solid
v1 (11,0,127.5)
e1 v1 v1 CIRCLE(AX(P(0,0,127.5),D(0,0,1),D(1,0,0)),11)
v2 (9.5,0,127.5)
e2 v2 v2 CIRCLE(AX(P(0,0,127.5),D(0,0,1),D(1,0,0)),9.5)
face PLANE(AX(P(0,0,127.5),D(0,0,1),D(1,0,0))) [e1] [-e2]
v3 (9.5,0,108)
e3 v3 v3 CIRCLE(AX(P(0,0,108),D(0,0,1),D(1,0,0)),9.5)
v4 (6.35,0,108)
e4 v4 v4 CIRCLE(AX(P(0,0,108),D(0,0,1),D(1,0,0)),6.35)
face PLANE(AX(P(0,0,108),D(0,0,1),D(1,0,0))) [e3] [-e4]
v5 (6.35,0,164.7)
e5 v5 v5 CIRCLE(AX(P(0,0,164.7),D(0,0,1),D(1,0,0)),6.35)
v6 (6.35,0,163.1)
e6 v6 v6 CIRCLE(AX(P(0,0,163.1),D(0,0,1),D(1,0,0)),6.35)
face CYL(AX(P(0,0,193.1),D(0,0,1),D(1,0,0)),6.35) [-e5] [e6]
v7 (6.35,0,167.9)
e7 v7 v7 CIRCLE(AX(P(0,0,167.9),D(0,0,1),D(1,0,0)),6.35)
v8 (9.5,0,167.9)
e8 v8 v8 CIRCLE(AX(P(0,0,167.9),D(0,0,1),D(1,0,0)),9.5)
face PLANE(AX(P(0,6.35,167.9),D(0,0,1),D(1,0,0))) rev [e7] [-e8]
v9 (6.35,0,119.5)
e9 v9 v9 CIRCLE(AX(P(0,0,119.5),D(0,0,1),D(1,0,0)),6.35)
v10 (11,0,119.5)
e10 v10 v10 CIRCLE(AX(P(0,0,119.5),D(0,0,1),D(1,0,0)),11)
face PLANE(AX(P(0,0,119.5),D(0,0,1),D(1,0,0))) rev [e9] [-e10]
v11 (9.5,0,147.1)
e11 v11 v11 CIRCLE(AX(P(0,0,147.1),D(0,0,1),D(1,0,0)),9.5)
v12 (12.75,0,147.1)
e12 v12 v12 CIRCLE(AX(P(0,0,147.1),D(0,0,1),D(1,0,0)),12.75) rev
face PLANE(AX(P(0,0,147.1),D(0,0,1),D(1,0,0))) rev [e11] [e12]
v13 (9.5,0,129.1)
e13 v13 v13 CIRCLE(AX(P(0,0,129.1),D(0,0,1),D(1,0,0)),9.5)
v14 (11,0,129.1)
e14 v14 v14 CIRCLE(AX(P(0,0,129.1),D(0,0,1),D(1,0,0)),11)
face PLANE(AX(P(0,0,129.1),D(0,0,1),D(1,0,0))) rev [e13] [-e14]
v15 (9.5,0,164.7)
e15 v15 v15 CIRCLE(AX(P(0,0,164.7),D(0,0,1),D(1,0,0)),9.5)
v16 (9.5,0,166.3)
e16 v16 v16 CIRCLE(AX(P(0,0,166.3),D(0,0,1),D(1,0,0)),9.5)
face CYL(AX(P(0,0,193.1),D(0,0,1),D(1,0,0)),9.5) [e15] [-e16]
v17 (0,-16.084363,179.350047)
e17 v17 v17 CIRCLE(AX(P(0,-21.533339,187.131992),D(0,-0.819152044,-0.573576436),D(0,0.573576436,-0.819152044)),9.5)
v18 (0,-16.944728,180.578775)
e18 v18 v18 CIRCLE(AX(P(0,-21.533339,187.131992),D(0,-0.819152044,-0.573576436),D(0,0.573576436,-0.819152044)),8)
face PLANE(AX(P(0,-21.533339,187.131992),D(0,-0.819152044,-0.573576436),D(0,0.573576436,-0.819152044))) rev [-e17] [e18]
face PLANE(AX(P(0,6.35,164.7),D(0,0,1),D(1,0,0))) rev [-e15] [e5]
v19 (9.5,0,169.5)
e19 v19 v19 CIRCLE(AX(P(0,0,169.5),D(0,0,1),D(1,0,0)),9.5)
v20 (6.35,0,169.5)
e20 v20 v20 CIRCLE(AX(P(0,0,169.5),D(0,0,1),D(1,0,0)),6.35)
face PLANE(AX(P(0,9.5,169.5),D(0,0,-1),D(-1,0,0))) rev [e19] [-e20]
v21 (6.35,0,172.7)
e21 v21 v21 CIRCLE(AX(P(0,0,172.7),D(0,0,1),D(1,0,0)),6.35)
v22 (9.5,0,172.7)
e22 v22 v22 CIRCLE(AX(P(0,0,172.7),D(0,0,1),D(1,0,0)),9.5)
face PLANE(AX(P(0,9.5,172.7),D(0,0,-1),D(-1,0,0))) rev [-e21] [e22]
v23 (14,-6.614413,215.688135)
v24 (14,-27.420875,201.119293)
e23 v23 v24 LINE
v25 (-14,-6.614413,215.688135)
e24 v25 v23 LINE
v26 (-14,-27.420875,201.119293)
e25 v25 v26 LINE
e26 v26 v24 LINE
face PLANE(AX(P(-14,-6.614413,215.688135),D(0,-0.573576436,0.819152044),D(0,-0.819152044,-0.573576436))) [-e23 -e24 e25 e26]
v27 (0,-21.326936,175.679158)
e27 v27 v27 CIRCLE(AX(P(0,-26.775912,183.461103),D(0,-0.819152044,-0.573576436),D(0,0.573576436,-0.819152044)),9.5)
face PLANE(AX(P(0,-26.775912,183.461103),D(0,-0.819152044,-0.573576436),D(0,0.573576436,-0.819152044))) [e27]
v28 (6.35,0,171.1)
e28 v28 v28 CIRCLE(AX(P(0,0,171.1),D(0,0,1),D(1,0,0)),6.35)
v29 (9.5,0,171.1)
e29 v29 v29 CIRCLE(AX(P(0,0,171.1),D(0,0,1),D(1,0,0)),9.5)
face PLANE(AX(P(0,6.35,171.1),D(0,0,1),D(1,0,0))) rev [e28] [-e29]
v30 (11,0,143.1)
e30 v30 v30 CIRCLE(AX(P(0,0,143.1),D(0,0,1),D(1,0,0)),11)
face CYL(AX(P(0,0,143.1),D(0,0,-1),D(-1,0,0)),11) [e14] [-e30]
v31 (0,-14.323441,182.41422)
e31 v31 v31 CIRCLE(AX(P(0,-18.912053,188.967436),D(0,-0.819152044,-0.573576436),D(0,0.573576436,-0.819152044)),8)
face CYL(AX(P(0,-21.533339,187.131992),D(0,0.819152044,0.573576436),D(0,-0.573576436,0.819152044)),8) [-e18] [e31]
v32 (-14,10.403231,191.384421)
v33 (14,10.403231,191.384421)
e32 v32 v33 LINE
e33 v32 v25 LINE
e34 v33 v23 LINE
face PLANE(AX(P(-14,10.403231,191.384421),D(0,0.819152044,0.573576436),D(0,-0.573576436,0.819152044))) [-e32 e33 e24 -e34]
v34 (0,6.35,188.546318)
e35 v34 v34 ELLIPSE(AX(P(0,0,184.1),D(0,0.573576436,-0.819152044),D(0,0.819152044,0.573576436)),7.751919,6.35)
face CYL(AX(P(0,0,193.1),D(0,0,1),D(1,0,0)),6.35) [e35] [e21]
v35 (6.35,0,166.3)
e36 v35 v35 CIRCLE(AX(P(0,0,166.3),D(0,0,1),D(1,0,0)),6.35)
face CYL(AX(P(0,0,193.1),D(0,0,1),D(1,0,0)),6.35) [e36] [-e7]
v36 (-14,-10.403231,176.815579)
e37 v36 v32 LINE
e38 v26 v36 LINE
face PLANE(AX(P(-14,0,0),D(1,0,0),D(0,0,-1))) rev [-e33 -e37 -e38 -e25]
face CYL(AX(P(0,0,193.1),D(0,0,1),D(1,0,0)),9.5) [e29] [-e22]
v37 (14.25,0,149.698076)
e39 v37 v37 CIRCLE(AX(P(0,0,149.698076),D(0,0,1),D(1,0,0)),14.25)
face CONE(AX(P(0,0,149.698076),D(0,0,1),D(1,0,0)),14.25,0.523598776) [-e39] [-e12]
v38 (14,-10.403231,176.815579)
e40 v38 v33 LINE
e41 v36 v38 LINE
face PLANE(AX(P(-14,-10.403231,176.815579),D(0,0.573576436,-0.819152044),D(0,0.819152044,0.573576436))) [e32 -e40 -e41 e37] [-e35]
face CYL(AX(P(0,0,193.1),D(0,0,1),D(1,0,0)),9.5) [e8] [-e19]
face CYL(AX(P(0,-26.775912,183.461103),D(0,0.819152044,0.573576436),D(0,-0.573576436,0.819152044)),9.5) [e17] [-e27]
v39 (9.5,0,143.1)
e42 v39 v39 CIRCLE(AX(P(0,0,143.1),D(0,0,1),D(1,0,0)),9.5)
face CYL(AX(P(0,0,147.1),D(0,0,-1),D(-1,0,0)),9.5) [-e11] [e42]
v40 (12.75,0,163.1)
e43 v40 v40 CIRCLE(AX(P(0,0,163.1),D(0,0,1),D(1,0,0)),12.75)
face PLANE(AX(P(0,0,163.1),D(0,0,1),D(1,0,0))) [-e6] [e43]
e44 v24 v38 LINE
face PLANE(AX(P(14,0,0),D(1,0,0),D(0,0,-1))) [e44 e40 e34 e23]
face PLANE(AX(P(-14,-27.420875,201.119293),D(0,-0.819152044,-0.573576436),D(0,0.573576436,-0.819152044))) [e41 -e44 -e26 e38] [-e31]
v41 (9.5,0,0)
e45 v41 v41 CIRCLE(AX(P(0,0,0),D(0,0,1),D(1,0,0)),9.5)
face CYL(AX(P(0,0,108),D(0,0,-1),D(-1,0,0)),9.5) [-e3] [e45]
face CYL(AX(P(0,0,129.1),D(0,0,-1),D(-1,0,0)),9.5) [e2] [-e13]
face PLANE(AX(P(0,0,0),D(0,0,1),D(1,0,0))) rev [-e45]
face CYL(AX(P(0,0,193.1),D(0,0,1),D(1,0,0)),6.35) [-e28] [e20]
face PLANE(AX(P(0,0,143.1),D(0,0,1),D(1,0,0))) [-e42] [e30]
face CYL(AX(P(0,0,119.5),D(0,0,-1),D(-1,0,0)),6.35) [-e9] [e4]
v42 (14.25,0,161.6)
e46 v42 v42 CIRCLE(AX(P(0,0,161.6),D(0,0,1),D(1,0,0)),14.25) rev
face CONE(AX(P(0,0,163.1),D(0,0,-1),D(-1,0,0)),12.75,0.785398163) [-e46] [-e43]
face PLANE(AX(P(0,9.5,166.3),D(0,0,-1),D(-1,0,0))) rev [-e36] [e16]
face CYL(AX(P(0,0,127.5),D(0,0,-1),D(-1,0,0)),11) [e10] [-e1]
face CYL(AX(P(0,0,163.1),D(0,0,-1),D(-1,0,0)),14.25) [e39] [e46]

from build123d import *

# Parameters (mm, degrees)
SKETCH_1_R               = 9.5
EXTRUDE_1_DEPTH          = 108
SKETCH_2_R               = 6.35
EXTRUDE_2_DEPTH          = 11.5
SKETCH_3_R               = 11
EXTRUDE_3_DEPTH          = 8
SKETCH_4_R               = 9.5
EXTRUDE_4_DEPTH          = 1.6
SKETCH_5_R               = 11
EXTRUDE_5_DEPTH          = 14
SKETCH_6_R               = 9.5
EXTRUDE_6_DEPTH          = 4
SKETCH_7_R               = 14.25
EXTRUDE_7_DEPTH          = 16
CHAMFER_1_SIZE           = 1.5
CUT_EXTRUDE_1_DEPTH      = 195.148744523
CUT_EXTRUDE_1_DEPTH_BACK = 195.148744523
EXTRUDE_8_DEPTH          = 14
EXTRUDE_8_DEPTH_BACK     = 14
SKETCH_12_R              = 8
EXTRUDE_9_DEPTH          = 3.2
SKETCH_13_R              = 9.5
EXTRUDE_10_DEPTH         = 6.4
CHAMFER_2_SIZE           = 1.5
CHAMFER_2_SIZE2          = 2.598076211


with BuildPart() as part:
    # Эскиз1 → Бобышка-Вытянуть1 (new body)
    with BuildSketch(Plane.XY):
        Circle(SKETCH_1_R)
    extrude(amount=EXTRUDE_1_DEPTH)

    # Эскиз2 → Бобышка-Вытянуть2 (add)
    with BuildSketch(Plane.XY.offset(108)):
        Circle(SKETCH_2_R)
    extrude(amount=EXTRUDE_2_DEPTH)

    # Эскиз3 → Бобышка-Вытянуть3 (add)
    with BuildSketch(Plane.XY.offset(119.5)):
        Circle(SKETCH_3_R)
    extrude(amount=EXTRUDE_3_DEPTH)

    # Эскиз4 → Бобышка-Вытянуть4 (add)
    with BuildSketch(Plane.XY.offset(127.5)):
        Circle(SKETCH_4_R)
    extrude(amount=EXTRUDE_4_DEPTH)

    # Эскиз5 → Бобышка-Вытянуть5 (add)
    with BuildSketch(Plane.XY.offset(129.1)):
        Circle(SKETCH_5_R)
    extrude(amount=EXTRUDE_5_DEPTH)

    # Эскиз6 → Бобышка-Вытянуть6 (add)
    with BuildSketch(Plane.XY.offset(143.1)):
        Circle(SKETCH_6_R)
    extrude(amount=EXTRUDE_6_DEPTH)

    # Эскиз7 → Бобышка-Вытянуть7 (add)
    with BuildSketch(Plane.XY.offset(147.1)):
        Circle(SKETCH_7_R)
    extrude(amount=EXTRUDE_7_DEPTH)

    # Фаска1
    chamfer_1_edges = [part.edges().sort_by_distance(p)[0] for p in [
        (-14.25, 0, 163.1),
    ]]
    chamfer(chamfer_1_edges, length=CHAMFER_1_SIZE)

    # Эскиз8 → Повернуть1 (revolve)
    with BuildSketch(Plane(origin=(0, 0, 0), x_dir=(0, 0, -1), z_dir=(1, 0, 0))):
        Polygon((-163.1, 6.35), (-164.7, 6.35), (-164.7, 9.5), (-166.3, 9.5), (-166.3, 6.35), (-167.9, 6.35), (-167.9, 9.5), (-169.5, 9.5), (-169.5, 6.35), (-171.1, 6.35), (-171.1, 9.5), (-172.7, 9.5), (-172.7, 6.35), (-193.1, 6.35), (-193.1, 0), (-163.1, 0), align=None)
    revolve(axis=Axis((0, 0, 193.1), (0, 0, -1)))

    # Эскиз9 → Вырез-Вытянуть1 (cut, two sides: drawn at the far end of the back side and taken through both)
    with BuildSketch(Plane(origin=(0, 0, 0), x_dir=(0, 0, -1), z_dir=(1, 0, 0)).offset(-CUT_EXTRUDE_1_DEPTH_BACK)):
        Polygon((-179.653682132, -6.35), (-188.546317868, 6.35), (-193.1, 6.35), (-193.1, -6.35), align=None)
    extrude(amount=CUT_EXTRUDE_1_DEPTH + CUT_EXTRUDE_1_DEPTH_BACK, mode=Mode.SUBTRACT)

    # Эскиз10 → Бобышка-Вытянуть8 (add, two sides: drawn at the far end of the back side and taken through both)
    with BuildSketch(Plane(origin=(0, 0, 0), x_dir=(0, 0, -1), z_dir=(1, 0, 0)).offset(-EXTRUDE_8_DEPTH_BACK)):
        Polygon((-176.815579258, -10.403230962), (-191.384420742, 10.403230962), (-215.688134824, -6.614412844), (-201.119293341, -27.420874769), align=None)
    extrude(amount=EXTRUDE_8_DEPTH + EXTRUDE_8_DEPTH_BACK)

    # Эскиз12 → Бобышка-Вытянуть9 (add)
    with BuildSketch(Plane(origin=(0, 76.095474781, 53.282625065), x_dir=(1, 0, 0), z_dir=(0, -0.8191520442889946, -0.5735764363510424))):
        with Locations((0, 165.640569636)):
            Circle(SKETCH_12_R)
    extrude(amount=EXTRUDE_9_DEPTH)

    # Эскиз13 → Бобышка-Вытянуть10 (add)
    with BuildSketch(Plane(origin=(0, 73.474188239, 51.447180469), x_dir=(1, 0, 0), z_dir=(0, -0.8191520442889944, -0.5735764363510425))):
        with Locations((0, 165.640569636)):
            Circle(SKETCH_13_R)
    extrude(amount=EXTRUDE_10_DEPTH)

    # Фаска2
    chamfer_2_edges = [part.edges().sort_by_distance(p)[0] for p in [
        (-14.25, 0, 147.1),
    ]]
    chamfer_2_side = [part.faces().sort_by_distance(p)[0] for p in [
        (-13.846949135, 0, 147.1),
    ]]
    chamfer(chamfer_2_edges, length=CHAMFER_2_SIZE, length2=CHAMFER_2_SIZE2, reference=chamfer_2_side[0])


solid = part.part
